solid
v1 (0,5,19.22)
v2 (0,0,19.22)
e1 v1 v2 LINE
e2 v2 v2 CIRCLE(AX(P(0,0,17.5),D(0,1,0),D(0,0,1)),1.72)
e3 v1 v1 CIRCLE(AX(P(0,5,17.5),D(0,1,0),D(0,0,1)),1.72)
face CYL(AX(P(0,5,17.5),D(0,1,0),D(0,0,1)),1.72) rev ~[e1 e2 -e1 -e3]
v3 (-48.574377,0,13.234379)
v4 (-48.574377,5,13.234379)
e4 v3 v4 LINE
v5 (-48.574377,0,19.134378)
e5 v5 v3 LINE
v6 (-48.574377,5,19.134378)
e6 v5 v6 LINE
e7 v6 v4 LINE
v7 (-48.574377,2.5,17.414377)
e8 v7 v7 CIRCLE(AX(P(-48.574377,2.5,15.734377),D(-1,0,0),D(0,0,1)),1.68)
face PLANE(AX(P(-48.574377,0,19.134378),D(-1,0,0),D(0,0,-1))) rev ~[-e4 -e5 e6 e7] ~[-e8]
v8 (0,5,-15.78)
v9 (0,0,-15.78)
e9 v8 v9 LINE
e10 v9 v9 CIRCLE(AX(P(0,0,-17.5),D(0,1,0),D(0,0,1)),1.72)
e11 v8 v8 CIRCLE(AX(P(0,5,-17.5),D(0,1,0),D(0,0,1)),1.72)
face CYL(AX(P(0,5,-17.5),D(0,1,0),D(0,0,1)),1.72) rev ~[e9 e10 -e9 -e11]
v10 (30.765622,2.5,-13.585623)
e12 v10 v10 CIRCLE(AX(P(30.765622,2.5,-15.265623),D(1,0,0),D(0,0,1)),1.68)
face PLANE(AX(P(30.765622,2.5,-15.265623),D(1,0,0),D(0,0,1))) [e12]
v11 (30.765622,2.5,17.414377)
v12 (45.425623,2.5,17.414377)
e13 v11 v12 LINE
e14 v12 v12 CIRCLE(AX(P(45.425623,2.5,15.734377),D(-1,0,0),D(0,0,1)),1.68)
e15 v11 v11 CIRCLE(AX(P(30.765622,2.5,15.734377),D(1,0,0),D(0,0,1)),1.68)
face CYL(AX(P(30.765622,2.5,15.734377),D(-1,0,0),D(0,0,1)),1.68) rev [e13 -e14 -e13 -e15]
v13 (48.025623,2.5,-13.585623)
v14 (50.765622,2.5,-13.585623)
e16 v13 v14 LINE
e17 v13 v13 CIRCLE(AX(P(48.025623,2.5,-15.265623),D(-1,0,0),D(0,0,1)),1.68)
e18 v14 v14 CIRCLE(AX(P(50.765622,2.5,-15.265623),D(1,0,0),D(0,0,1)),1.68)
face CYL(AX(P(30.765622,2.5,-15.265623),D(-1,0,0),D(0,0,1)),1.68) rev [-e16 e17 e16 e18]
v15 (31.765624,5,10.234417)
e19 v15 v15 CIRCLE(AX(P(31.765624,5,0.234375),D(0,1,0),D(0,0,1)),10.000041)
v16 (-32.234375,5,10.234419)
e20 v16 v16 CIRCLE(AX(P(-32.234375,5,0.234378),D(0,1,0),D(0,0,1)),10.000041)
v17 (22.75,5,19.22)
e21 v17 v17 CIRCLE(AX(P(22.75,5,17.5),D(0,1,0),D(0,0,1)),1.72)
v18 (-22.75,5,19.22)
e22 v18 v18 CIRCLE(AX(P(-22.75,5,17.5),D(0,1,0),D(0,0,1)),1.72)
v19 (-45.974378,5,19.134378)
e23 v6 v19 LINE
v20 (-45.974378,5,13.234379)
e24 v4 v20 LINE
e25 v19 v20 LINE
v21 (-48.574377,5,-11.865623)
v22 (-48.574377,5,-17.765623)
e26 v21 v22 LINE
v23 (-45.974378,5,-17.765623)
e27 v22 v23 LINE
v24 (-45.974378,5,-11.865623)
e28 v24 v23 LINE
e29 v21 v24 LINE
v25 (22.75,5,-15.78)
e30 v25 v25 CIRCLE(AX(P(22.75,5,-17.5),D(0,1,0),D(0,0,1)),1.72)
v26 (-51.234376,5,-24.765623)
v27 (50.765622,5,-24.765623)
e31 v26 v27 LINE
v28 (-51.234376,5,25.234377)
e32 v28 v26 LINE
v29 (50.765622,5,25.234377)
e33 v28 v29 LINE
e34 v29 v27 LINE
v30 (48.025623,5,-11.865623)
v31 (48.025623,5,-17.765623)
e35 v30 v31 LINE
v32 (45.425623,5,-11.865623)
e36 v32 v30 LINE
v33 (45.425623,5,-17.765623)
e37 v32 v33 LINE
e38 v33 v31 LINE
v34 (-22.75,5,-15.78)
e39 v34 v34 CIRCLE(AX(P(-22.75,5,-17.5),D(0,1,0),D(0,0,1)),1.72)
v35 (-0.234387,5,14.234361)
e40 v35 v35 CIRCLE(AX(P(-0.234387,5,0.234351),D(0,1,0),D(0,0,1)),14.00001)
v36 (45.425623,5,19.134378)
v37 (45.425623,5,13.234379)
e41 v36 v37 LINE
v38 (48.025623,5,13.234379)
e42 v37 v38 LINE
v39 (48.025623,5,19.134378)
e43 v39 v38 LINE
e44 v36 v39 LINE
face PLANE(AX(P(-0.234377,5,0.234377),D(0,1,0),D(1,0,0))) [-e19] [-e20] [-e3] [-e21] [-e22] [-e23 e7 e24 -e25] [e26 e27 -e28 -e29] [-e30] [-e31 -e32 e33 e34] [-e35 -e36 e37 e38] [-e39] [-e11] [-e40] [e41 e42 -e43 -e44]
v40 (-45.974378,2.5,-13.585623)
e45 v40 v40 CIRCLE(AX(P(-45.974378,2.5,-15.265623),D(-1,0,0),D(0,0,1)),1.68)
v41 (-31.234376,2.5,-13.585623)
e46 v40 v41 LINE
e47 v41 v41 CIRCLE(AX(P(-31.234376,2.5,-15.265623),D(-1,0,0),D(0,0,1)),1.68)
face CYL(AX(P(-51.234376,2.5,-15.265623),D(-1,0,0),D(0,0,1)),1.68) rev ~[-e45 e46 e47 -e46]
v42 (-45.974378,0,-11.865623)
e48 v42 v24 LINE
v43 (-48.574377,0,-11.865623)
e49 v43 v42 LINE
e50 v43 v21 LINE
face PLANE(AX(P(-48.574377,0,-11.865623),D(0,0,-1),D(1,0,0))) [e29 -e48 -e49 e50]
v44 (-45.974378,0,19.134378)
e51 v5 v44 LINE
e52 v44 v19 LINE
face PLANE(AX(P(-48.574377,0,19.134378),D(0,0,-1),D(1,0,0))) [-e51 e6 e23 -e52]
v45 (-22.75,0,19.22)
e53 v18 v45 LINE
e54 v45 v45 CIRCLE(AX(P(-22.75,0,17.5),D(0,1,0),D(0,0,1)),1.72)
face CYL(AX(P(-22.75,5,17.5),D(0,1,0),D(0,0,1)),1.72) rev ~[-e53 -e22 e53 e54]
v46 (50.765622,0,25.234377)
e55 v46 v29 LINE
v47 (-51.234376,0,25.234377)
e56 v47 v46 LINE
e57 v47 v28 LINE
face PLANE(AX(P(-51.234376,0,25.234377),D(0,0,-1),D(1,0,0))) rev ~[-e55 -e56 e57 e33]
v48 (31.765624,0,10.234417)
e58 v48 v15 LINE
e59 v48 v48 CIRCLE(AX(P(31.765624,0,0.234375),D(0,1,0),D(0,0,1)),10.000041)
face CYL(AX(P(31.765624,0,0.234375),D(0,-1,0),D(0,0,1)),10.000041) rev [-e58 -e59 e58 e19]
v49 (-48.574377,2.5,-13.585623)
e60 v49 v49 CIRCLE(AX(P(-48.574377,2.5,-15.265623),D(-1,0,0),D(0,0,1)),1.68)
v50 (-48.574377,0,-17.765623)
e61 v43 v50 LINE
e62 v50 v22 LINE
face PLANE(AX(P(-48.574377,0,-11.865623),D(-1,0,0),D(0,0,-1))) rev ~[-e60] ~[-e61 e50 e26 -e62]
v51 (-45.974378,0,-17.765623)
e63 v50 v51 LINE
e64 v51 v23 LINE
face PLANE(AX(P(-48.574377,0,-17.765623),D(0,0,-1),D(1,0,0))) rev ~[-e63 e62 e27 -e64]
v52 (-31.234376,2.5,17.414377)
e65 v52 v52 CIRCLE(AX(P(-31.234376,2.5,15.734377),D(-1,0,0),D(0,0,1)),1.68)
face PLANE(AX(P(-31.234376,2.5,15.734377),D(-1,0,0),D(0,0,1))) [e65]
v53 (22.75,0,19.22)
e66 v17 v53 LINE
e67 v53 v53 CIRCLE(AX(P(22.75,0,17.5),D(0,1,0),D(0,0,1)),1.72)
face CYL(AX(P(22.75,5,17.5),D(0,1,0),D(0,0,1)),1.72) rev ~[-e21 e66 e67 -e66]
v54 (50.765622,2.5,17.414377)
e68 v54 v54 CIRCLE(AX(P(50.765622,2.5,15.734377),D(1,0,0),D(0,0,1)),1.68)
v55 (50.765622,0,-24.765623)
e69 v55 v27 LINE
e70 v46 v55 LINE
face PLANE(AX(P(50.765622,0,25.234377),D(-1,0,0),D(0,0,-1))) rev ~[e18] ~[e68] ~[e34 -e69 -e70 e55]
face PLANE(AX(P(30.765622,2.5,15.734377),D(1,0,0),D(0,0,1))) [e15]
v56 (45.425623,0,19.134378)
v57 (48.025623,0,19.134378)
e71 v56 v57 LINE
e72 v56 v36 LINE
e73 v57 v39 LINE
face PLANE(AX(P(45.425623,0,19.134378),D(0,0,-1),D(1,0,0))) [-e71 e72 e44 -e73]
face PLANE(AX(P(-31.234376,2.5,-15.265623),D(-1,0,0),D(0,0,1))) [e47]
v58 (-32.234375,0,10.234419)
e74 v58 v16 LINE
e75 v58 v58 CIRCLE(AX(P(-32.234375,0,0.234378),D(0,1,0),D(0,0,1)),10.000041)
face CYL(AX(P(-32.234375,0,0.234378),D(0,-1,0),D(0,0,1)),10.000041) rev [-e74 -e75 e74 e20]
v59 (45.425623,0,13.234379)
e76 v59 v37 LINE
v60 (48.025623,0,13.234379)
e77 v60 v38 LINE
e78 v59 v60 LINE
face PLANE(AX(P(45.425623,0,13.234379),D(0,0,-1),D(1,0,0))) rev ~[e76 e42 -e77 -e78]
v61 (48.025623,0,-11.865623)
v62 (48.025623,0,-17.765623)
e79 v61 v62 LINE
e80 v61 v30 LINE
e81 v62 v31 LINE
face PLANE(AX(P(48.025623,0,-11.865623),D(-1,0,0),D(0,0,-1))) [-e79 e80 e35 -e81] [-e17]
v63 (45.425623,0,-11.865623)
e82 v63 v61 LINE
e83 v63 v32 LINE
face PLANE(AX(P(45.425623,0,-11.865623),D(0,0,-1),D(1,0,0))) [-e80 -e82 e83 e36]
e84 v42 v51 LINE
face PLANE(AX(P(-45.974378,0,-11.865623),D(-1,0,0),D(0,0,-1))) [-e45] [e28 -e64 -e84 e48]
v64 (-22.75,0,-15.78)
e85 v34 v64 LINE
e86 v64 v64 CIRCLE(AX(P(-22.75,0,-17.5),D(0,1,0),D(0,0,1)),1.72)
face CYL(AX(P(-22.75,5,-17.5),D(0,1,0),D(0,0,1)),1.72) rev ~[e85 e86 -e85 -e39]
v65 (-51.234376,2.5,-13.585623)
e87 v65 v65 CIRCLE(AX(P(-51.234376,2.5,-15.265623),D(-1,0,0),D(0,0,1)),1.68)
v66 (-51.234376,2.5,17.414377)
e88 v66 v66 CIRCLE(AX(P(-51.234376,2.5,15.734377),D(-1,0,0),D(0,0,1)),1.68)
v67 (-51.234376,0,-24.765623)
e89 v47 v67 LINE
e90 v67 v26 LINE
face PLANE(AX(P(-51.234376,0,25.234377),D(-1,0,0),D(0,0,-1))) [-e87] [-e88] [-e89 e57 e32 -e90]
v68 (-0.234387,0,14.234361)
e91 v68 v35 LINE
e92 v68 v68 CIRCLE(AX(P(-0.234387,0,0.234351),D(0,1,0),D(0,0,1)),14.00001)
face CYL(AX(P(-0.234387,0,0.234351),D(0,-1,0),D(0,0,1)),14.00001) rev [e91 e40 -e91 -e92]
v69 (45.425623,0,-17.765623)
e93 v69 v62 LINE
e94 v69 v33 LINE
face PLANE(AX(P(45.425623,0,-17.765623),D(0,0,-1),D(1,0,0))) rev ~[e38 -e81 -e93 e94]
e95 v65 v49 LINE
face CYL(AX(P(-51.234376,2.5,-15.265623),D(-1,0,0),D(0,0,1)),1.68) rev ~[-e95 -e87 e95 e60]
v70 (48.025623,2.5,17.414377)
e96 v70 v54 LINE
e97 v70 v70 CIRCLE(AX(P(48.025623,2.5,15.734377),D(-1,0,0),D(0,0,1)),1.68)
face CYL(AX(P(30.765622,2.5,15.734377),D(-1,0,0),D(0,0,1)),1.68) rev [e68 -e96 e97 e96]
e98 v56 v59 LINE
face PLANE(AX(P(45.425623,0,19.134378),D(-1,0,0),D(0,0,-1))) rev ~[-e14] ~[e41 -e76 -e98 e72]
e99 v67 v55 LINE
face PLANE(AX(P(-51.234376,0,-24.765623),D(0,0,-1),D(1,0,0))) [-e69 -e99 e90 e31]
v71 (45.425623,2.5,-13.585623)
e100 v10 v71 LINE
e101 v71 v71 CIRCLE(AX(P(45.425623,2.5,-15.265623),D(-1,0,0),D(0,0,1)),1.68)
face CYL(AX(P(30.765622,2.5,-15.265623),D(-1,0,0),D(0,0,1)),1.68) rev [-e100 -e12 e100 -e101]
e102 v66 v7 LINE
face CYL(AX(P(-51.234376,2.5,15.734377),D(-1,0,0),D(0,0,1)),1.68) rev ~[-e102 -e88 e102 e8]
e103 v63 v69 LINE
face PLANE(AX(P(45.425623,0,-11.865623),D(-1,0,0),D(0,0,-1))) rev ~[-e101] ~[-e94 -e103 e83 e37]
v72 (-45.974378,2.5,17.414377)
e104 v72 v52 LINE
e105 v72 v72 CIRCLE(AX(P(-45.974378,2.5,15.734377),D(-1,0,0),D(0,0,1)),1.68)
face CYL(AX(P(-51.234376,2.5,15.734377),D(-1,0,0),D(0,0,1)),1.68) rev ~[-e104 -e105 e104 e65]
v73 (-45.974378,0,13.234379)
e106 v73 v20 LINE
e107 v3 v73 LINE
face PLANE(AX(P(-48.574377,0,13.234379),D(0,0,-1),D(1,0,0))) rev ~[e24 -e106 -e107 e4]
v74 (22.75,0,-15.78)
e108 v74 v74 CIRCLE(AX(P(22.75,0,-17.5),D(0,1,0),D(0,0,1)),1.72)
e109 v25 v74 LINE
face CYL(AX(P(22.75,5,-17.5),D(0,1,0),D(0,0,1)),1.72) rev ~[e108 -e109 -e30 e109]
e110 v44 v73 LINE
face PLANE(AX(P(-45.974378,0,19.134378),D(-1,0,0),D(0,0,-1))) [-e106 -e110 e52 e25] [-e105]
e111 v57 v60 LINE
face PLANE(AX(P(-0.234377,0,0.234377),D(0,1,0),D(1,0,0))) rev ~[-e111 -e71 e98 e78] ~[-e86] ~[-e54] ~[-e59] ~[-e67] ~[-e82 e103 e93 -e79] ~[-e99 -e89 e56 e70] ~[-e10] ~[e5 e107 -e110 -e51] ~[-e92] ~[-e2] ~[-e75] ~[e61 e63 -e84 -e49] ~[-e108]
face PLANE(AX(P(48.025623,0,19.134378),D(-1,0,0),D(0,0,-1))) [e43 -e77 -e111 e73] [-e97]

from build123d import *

# Parameters (mm, degrees)
AGUJEROS_W          = 101.999998093
AGUJEROS_H          = 49.999999814
AGUJEROS_R          = 10.000041491
AGUJEROS_R_2        = 14.000010245
AGUJEROS_R_3        = 10.000041173
AGUJEROS_W_2        = 2.599999308
AGUJEROS_H_2        = 5.899999291
AGUJEROS_W_3        = 2.599999309
BOSS_EXTRUDE1_DEPTH = 5
BASE_R              = 1.72
CUT_EXTRUDE1_DEPTH  = 58.330053722
SKETCH4_R           = 1.68
CUT_EXTRUDE2_DEPTH  = 20
CUT_EXTRUDE3_START  = -20
AGUJEROSLATERALES_R = 1.68
CUT_EXTRUDE3_DEPTH  = 20


with BuildPart() as part:
    # Agujeros → Boss-Extrude1 (new body)
    with BuildSketch(Plane(origin=(0, 0, 0), x_dir=(1, 0, 0), z_dir=(0, 1, 0))):
        with Locations((-0.234376955, -0.234376955)):
            Rectangle(AGUJEROS_W, AGUJEROS_H)
        with Locations(Location((31.765623825, -0.234375367, 0), (0, 0, 270))):
            Circle(AGUJEROS_R, mode=Mode.SUBTRACT)
        with Locations(Location((-0.234386768, -0.23435079, 0), (0, 0, 270))):
            Circle(AGUJEROS_R_2, mode=Mode.SUBTRACT)
        with Locations(Location((-32.23437504, -0.234378061, 0), (0, 0, 270))):
            Circle(AGUJEROS_R_3, mode=Mode.SUBTRACT)
        with Locations((46.725622994, -16.184378266)):
            Rectangle(AGUJEROS_W_2, AGUJEROS_H_2, mode=Mode.SUBTRACT)
        with Locations((46.725622994, 14.815623091)):
            Rectangle(AGUJEROS_W_2, AGUJEROS_H_2, mode=Mode.SUBTRACT)
        with Locations((-47.274377513, -16.184378266)):
            Rectangle(AGUJEROS_W_3, AGUJEROS_H_2, mode=Mode.SUBTRACT)
        with Locations((-47.274377513, 14.815623091)):
            Rectangle(AGUJEROS_W_3, AGUJEROS_H_2, mode=Mode.SUBTRACT)
    extrude(amount=BOSS_EXTRUDE1_DEPTH)

    # Base → Cut-Extrude1 (cut, through all)
    with BuildSketch(Plane(origin=(0, 5, 0), x_dir=(1, 0, 0), z_dir=(0, 1, 0))):
        with Locations(Location((0, 17.5, 0), (0, 0, 270))):
            Circle(BASE_R)
        with Locations(Location((-22.75, 17.5, 0), (0, 0, 270))):
            Circle(BASE_R)
        with Locations(Location((22.75, 17.5, 0), (0, 0, 270))):
            Circle(BASE_R)
        with Locations(Location((0, -17.5, 0), (0, 0, 270))):
            Circle(BASE_R)
        with Locations(Location((22.75, -17.5, 0), (0, 0, 270))):
            Circle(BASE_R)
        with Locations(Location((-22.75, -17.5, 0), (0, 0, 270))):
            Circle(BASE_R)
    extrude(amount=-CUT_EXTRUDE1_DEPTH, mode=Mode.SUBTRACT)

    # Sketch4 → Cut-Extrude2 (cut)
    with BuildSketch(Plane.ZY.offset(51.234376001)):
        with Locations((-15.265622952, 2.5)):
            Circle(SKETCH4_R)
        with Locations((15.734376862, 2.5)):
            Circle(SKETCH4_R)
    extrude(amount=-CUT_EXTRUDE2_DEPTH, mode=Mode.SUBTRACT)

    # AgujerosLaterales → Cut-Extrude3 (cut)
    with BuildSketch(Plane(origin=(50.765622092, 0, 0), x_dir=(0, 0, -1), z_dir=(1, 0, 0)).offset(CUT_EXTRUDE3_START)):
        with Locations(Location((-15.734376862, 2.5, 0), (0, 0, 180))):
            Circle(AGUJEROSLATERALES_R)
        with Locations(Location((15.265622952, 2.5, 0), (0, 0, 180))):
            Circle(AGUJEROSLATERALES_R)
    extrude(amount=CUT_EXTRUDE3_DEPTH, mode=Mode.SUBTRACT)


solid = part.part
